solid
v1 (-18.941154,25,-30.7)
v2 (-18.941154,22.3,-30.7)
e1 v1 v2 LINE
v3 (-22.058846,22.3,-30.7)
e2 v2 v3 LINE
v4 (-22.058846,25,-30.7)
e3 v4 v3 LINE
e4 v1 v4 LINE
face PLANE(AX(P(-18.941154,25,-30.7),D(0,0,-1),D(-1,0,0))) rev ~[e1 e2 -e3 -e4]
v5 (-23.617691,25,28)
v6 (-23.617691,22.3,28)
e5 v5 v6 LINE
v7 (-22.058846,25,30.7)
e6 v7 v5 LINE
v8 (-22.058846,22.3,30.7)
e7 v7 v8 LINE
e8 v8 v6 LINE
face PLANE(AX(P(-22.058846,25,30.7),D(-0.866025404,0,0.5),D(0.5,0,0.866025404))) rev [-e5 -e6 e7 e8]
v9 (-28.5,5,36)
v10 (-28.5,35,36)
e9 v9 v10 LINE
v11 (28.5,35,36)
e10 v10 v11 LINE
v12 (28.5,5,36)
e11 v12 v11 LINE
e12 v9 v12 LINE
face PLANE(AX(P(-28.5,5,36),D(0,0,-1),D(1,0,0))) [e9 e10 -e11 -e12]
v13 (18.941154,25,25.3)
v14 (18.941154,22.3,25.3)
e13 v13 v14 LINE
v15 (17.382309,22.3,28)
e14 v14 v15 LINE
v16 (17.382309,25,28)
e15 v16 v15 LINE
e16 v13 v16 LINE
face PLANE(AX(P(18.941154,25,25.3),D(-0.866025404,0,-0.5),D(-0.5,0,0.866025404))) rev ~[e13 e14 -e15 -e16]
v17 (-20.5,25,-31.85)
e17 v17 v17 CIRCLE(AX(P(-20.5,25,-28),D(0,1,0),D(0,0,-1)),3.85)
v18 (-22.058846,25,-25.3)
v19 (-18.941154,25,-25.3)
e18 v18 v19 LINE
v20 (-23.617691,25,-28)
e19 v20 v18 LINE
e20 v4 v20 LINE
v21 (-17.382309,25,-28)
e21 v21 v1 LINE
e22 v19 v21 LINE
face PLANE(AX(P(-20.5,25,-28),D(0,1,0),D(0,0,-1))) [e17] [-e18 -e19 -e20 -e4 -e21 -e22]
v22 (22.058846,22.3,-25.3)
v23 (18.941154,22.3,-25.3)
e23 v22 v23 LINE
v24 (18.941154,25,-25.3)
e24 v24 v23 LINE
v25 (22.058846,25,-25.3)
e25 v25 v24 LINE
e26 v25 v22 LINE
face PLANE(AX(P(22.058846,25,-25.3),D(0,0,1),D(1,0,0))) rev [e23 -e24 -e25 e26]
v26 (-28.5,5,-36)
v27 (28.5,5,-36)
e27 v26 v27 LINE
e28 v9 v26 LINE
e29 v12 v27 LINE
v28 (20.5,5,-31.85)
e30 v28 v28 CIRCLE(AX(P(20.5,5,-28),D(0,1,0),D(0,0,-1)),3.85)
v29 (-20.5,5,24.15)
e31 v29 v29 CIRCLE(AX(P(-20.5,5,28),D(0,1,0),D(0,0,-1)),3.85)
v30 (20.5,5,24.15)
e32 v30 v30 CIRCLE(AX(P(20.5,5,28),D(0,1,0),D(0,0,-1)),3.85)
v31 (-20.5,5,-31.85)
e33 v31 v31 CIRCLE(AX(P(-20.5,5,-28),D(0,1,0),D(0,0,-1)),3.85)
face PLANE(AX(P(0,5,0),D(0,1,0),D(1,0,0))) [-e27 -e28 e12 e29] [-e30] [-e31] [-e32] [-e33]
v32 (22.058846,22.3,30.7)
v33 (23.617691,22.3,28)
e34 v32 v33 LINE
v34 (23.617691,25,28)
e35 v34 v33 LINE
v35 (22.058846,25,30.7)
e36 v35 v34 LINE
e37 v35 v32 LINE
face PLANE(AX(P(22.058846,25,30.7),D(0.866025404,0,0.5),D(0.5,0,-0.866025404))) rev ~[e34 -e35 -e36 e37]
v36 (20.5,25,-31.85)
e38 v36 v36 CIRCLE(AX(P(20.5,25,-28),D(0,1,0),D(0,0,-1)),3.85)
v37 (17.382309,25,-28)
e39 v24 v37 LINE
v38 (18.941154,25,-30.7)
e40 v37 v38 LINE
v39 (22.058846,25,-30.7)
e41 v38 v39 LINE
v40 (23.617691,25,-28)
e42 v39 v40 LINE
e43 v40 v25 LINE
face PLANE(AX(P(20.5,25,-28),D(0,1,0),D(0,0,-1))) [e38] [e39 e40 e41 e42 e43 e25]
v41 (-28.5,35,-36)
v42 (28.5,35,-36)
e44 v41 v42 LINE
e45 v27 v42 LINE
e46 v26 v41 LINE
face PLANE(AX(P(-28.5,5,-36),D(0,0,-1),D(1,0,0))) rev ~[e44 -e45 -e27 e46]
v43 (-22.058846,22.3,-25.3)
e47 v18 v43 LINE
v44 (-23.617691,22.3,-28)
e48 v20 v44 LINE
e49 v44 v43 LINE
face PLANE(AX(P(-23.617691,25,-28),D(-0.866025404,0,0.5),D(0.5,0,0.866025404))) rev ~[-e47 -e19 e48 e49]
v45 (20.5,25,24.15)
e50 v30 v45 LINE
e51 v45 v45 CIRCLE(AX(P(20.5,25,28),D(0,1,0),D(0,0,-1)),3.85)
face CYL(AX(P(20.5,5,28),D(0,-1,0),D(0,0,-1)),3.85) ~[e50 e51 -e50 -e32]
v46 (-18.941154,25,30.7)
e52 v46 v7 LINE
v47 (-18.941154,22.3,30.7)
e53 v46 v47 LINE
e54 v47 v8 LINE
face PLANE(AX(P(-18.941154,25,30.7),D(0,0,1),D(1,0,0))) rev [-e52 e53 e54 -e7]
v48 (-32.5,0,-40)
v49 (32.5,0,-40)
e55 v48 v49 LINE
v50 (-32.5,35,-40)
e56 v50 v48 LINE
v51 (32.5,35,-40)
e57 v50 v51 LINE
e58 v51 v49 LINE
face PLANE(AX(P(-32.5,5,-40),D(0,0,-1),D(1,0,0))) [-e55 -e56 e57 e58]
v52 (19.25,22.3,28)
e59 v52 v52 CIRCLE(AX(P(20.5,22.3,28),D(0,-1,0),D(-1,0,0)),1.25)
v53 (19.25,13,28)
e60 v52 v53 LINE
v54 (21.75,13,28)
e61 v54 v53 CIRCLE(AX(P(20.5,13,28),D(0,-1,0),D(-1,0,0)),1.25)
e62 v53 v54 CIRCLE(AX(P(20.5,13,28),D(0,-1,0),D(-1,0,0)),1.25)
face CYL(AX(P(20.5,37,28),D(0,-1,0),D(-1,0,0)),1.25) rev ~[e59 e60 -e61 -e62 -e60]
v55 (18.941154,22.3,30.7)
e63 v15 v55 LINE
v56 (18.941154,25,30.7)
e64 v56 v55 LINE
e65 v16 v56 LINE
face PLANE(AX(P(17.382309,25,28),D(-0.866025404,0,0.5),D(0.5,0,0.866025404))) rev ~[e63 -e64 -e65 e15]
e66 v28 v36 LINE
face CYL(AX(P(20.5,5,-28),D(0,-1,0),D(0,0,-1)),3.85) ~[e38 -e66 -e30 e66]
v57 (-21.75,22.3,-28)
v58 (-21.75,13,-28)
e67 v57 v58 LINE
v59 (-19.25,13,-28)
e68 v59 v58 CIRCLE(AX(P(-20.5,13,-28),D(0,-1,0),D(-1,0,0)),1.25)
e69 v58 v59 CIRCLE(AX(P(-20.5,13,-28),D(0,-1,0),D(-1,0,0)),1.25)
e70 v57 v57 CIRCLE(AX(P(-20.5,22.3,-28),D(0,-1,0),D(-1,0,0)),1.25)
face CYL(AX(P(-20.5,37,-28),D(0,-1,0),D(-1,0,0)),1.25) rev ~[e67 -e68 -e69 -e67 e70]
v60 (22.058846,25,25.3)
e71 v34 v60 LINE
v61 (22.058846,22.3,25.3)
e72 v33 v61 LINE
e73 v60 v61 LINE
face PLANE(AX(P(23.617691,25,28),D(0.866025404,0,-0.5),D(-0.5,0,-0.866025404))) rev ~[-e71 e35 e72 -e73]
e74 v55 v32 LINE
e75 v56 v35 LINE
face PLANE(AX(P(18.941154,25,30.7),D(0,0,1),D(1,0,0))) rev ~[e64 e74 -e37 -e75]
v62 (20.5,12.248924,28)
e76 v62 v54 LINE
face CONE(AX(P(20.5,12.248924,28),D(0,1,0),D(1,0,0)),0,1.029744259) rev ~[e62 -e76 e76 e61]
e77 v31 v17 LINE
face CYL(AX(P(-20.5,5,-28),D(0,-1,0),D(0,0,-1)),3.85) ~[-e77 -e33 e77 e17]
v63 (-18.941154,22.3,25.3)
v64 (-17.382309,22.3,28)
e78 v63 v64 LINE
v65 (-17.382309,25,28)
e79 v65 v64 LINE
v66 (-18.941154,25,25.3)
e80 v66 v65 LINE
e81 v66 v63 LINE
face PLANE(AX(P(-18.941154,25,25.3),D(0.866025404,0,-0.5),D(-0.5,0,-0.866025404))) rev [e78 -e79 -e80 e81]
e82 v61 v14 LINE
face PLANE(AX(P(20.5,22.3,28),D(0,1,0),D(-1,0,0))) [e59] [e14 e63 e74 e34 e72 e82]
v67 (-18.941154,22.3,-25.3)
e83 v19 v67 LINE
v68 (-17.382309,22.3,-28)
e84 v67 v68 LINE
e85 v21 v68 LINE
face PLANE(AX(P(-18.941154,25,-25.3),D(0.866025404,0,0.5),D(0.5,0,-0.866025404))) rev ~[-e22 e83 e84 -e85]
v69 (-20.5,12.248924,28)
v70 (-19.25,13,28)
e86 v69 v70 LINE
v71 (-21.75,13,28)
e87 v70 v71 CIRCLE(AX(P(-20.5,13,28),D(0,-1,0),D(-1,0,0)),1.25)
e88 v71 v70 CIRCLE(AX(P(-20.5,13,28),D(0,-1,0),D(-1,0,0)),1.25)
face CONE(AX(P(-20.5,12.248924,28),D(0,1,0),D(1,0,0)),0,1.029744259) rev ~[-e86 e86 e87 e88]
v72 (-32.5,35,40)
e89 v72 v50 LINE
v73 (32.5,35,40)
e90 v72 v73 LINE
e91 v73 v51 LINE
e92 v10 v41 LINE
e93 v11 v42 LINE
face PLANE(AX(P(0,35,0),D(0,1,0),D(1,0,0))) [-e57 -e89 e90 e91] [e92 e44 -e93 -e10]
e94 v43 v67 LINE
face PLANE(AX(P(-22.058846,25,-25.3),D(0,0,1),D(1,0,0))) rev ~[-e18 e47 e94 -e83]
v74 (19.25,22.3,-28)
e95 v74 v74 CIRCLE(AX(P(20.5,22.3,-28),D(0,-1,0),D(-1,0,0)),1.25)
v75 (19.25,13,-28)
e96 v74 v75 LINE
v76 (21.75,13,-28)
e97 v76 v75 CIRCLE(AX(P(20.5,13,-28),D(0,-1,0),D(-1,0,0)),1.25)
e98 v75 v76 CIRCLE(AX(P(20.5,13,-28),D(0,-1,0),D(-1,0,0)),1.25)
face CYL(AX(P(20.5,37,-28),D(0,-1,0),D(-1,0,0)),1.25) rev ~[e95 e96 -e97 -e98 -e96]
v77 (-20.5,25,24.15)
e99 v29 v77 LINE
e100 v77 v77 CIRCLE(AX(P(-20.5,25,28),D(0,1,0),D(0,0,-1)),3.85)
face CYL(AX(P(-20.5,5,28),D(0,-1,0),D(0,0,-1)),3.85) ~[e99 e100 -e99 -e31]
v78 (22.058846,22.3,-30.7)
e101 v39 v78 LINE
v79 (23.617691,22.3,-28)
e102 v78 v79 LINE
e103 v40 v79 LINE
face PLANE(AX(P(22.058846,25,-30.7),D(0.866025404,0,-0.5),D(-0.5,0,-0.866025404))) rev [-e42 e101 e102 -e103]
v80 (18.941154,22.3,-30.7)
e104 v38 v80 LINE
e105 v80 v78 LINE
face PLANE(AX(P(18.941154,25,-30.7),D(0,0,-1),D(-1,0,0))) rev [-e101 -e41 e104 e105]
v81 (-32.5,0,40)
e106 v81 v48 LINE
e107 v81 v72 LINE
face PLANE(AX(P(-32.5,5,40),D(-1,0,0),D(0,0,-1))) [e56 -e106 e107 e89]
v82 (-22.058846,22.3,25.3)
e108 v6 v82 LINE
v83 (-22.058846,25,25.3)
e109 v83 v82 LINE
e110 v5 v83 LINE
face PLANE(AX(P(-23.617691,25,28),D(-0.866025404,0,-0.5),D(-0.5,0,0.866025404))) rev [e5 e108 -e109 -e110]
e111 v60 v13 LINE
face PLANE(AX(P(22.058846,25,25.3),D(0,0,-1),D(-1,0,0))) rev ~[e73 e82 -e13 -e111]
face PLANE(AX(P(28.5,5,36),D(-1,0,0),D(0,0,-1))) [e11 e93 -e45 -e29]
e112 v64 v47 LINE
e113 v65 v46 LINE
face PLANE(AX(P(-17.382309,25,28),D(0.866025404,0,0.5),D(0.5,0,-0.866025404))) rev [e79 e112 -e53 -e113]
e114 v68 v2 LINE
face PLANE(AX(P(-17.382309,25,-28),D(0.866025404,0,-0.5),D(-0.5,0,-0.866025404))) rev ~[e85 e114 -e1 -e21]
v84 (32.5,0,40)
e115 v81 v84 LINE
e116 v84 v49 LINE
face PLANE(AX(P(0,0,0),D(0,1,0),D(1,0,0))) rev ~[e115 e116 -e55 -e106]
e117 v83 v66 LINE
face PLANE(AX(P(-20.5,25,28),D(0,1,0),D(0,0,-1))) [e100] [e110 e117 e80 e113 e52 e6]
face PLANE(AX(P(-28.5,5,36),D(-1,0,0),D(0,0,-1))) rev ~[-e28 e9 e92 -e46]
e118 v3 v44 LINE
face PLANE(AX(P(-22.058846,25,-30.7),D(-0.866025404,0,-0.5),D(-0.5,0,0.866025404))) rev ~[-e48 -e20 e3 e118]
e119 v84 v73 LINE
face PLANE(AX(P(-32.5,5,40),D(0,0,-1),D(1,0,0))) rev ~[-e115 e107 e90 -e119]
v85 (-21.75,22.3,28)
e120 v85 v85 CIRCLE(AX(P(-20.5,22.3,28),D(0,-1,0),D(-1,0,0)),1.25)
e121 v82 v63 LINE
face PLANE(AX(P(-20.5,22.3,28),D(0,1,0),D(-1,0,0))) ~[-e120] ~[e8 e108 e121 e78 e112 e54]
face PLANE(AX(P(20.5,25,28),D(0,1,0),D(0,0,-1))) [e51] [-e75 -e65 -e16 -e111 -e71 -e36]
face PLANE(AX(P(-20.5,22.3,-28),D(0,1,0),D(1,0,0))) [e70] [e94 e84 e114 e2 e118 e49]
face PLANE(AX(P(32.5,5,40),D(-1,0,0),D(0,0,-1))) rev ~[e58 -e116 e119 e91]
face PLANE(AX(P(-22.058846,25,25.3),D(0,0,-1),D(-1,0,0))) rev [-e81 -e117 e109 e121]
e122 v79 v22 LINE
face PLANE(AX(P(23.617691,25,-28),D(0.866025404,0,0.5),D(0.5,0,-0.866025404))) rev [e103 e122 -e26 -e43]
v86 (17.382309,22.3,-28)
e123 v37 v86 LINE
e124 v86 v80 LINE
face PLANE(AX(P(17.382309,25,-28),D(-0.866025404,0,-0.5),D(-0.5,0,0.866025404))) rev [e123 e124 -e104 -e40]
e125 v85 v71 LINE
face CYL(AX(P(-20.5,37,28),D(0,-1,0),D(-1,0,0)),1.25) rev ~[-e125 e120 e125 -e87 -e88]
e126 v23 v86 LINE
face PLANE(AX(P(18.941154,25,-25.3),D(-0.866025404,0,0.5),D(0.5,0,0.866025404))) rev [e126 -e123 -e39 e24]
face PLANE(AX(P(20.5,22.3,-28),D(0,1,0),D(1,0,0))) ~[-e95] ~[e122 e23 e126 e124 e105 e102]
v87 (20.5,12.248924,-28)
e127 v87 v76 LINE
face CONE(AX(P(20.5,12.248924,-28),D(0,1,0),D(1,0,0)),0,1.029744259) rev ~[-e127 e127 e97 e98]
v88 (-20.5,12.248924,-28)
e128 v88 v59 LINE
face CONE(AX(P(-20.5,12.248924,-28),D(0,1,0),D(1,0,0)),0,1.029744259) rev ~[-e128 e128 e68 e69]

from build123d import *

# Parameters (mm, degrees)
SKETCH1_W                                = 65
SKETCH1_H                                = 80
BOSS_EXTRUDE1_DEPTH                      = 5
SKETCH2_W                                = 65
SKETCH2_H                                = 80
SKETCH2_W_2                              = 57
SKETCH2_H_2                              = 72
BOSS_EXTRUDE2_DEPTH                      = 30
SKETCH3_R                                = 3.85
BOSS_EXTRUDE3_DEPTH                      = 20
TAP_DRILL_FOR_M3_TAP1_D                  = 2.5
TAP_DRILL_FOR_M3_TAP1_DEPTH              = 12
TAP_DRILL_FOR_M3_TAP1_TIP                = 0.751075774
CUT_EXTRUDE1_DEPTH                       = 2.7
MIRROR1_AT_THE_SECOND_PLANE_COPY_1_DEPTH = 2.7


with BuildPart() as part:
    # Sketch1 → Boss-Extrude1 (new body)
    with BuildSketch(Plane(origin=(0, 0, 0), x_dir=(1, 0, 0), z_dir=(0, 1, 0))):
        Rectangle(SKETCH1_W, SKETCH1_H)
    extrude(amount=BOSS_EXTRUDE1_DEPTH)

    # Sketch2 → Boss-Extrude2 (add)
    with BuildSketch(Plane(origin=(0, 5, 0), x_dir=(1, 0, 0), z_dir=(0, 1, 0))):
        Rectangle(SKETCH2_W, SKETCH2_H)
        Rectangle(SKETCH2_W_2, SKETCH2_H_2, mode=Mode.SUBTRACT)
    extrude(amount=BOSS_EXTRUDE2_DEPTH)

    # Sketch3 → Boss-Extrude3 (add)
    with BuildSketch(Plane(origin=(0, 5, 0), x_dir=(1, 0, 0), z_dir=(0, 1, 0))):
        with Locations(Location((-20.5, -28, 0), (0, 0, 90))):
            Circle(SKETCH3_R)
        with Locations(Location((20.5, -28, 0), (0, 0, 90))):
            Circle(SKETCH3_R)
        with Locations(Location((20.5, 28, 0), (0, 0, 90))):
            Circle(SKETCH3_R)
        with Locations(Location((-20.5, 28, 0), (0, 0, 90))):
            Circle(SKETCH3_R)
    extrude(amount=BOSS_EXTRUDE3_DEPTH)

    # Tap Drill for M3 Tap1
    with Locations(Plane(origin=(0, 25, 0), x_dir=(1, 0, 0), z_dir=(0, 1, 0))):
        with Locations((-20.5, 28), (20.5, 28), (20.5, -28), (-20.5, -28)):
            Hole(TAP_DRILL_FOR_M3_TAP1_D / 2, depth=TAP_DRILL_FOR_M3_TAP1_DEPTH)
            with Locations((0, 0, -(TAP_DRILL_FOR_M3_TAP1_DEPTH + TAP_DRILL_FOR_M3_TAP1_TIP / 2))):  # 118° drill point
                Cone(0, TAP_DRILL_FOR_M3_TAP1_D / 2, TAP_DRILL_FOR_M3_TAP1_TIP, mode=Mode.SUBTRACT)

    # Sketch8 → Cut-Extrude1 (cut)
    with BuildSketch(Plane(origin=(0, 25, 0), x_dir=(1, 0, 0), z_dir=(0, 1, 0))):
        Polygon((-17.382308546, 28), (-18.941154273, 30.7), (-22.058845727, 30.7), (-23.617691454, 28), (-22.058845727, 25.3), (-18.941154273, 25.3), align=None)
    cut_extrude1 = extrude(amount=-CUT_EXTRUDE1_DEPTH, mode=Mode.SUBTRACT)

    # Mirror1: Cut-Extrude1 across plane
    add(cut_extrude1.mirror(Plane.XY), mode=Mode.SUBTRACT)

    # Mirror1 at the second plane: Cut-Extrude1 across plane
    add(cut_extrude1.mirror(Plane(origin=(0, 0, 0), x_dir=(0, 0, 1), z_dir=(1, 0, 0))), mode=Mode.SUBTRACT)

    # Mirror1 at the second plane copy 1 sketc → Mirror1 at the second plane copy 1 (cut)
    with BuildSketch(Plane(origin=(0, 25, 0), x_dir=(-1, 0, 0), z_dir=(0, 1, 0))):
        Polygon((-17.382308546, 28), (-18.941154273, 30.7), (-22.058845727, 30.7), (-23.617691454, 28), (-22.058845727, 25.3), (-18.941154273, 25.3), align=None)
    extrude(amount=-MIRROR1_AT_THE_SECOND_PLANE_COPY_1_DEPTH, mode=Mode.SUBTRACT)


solid = part.part
